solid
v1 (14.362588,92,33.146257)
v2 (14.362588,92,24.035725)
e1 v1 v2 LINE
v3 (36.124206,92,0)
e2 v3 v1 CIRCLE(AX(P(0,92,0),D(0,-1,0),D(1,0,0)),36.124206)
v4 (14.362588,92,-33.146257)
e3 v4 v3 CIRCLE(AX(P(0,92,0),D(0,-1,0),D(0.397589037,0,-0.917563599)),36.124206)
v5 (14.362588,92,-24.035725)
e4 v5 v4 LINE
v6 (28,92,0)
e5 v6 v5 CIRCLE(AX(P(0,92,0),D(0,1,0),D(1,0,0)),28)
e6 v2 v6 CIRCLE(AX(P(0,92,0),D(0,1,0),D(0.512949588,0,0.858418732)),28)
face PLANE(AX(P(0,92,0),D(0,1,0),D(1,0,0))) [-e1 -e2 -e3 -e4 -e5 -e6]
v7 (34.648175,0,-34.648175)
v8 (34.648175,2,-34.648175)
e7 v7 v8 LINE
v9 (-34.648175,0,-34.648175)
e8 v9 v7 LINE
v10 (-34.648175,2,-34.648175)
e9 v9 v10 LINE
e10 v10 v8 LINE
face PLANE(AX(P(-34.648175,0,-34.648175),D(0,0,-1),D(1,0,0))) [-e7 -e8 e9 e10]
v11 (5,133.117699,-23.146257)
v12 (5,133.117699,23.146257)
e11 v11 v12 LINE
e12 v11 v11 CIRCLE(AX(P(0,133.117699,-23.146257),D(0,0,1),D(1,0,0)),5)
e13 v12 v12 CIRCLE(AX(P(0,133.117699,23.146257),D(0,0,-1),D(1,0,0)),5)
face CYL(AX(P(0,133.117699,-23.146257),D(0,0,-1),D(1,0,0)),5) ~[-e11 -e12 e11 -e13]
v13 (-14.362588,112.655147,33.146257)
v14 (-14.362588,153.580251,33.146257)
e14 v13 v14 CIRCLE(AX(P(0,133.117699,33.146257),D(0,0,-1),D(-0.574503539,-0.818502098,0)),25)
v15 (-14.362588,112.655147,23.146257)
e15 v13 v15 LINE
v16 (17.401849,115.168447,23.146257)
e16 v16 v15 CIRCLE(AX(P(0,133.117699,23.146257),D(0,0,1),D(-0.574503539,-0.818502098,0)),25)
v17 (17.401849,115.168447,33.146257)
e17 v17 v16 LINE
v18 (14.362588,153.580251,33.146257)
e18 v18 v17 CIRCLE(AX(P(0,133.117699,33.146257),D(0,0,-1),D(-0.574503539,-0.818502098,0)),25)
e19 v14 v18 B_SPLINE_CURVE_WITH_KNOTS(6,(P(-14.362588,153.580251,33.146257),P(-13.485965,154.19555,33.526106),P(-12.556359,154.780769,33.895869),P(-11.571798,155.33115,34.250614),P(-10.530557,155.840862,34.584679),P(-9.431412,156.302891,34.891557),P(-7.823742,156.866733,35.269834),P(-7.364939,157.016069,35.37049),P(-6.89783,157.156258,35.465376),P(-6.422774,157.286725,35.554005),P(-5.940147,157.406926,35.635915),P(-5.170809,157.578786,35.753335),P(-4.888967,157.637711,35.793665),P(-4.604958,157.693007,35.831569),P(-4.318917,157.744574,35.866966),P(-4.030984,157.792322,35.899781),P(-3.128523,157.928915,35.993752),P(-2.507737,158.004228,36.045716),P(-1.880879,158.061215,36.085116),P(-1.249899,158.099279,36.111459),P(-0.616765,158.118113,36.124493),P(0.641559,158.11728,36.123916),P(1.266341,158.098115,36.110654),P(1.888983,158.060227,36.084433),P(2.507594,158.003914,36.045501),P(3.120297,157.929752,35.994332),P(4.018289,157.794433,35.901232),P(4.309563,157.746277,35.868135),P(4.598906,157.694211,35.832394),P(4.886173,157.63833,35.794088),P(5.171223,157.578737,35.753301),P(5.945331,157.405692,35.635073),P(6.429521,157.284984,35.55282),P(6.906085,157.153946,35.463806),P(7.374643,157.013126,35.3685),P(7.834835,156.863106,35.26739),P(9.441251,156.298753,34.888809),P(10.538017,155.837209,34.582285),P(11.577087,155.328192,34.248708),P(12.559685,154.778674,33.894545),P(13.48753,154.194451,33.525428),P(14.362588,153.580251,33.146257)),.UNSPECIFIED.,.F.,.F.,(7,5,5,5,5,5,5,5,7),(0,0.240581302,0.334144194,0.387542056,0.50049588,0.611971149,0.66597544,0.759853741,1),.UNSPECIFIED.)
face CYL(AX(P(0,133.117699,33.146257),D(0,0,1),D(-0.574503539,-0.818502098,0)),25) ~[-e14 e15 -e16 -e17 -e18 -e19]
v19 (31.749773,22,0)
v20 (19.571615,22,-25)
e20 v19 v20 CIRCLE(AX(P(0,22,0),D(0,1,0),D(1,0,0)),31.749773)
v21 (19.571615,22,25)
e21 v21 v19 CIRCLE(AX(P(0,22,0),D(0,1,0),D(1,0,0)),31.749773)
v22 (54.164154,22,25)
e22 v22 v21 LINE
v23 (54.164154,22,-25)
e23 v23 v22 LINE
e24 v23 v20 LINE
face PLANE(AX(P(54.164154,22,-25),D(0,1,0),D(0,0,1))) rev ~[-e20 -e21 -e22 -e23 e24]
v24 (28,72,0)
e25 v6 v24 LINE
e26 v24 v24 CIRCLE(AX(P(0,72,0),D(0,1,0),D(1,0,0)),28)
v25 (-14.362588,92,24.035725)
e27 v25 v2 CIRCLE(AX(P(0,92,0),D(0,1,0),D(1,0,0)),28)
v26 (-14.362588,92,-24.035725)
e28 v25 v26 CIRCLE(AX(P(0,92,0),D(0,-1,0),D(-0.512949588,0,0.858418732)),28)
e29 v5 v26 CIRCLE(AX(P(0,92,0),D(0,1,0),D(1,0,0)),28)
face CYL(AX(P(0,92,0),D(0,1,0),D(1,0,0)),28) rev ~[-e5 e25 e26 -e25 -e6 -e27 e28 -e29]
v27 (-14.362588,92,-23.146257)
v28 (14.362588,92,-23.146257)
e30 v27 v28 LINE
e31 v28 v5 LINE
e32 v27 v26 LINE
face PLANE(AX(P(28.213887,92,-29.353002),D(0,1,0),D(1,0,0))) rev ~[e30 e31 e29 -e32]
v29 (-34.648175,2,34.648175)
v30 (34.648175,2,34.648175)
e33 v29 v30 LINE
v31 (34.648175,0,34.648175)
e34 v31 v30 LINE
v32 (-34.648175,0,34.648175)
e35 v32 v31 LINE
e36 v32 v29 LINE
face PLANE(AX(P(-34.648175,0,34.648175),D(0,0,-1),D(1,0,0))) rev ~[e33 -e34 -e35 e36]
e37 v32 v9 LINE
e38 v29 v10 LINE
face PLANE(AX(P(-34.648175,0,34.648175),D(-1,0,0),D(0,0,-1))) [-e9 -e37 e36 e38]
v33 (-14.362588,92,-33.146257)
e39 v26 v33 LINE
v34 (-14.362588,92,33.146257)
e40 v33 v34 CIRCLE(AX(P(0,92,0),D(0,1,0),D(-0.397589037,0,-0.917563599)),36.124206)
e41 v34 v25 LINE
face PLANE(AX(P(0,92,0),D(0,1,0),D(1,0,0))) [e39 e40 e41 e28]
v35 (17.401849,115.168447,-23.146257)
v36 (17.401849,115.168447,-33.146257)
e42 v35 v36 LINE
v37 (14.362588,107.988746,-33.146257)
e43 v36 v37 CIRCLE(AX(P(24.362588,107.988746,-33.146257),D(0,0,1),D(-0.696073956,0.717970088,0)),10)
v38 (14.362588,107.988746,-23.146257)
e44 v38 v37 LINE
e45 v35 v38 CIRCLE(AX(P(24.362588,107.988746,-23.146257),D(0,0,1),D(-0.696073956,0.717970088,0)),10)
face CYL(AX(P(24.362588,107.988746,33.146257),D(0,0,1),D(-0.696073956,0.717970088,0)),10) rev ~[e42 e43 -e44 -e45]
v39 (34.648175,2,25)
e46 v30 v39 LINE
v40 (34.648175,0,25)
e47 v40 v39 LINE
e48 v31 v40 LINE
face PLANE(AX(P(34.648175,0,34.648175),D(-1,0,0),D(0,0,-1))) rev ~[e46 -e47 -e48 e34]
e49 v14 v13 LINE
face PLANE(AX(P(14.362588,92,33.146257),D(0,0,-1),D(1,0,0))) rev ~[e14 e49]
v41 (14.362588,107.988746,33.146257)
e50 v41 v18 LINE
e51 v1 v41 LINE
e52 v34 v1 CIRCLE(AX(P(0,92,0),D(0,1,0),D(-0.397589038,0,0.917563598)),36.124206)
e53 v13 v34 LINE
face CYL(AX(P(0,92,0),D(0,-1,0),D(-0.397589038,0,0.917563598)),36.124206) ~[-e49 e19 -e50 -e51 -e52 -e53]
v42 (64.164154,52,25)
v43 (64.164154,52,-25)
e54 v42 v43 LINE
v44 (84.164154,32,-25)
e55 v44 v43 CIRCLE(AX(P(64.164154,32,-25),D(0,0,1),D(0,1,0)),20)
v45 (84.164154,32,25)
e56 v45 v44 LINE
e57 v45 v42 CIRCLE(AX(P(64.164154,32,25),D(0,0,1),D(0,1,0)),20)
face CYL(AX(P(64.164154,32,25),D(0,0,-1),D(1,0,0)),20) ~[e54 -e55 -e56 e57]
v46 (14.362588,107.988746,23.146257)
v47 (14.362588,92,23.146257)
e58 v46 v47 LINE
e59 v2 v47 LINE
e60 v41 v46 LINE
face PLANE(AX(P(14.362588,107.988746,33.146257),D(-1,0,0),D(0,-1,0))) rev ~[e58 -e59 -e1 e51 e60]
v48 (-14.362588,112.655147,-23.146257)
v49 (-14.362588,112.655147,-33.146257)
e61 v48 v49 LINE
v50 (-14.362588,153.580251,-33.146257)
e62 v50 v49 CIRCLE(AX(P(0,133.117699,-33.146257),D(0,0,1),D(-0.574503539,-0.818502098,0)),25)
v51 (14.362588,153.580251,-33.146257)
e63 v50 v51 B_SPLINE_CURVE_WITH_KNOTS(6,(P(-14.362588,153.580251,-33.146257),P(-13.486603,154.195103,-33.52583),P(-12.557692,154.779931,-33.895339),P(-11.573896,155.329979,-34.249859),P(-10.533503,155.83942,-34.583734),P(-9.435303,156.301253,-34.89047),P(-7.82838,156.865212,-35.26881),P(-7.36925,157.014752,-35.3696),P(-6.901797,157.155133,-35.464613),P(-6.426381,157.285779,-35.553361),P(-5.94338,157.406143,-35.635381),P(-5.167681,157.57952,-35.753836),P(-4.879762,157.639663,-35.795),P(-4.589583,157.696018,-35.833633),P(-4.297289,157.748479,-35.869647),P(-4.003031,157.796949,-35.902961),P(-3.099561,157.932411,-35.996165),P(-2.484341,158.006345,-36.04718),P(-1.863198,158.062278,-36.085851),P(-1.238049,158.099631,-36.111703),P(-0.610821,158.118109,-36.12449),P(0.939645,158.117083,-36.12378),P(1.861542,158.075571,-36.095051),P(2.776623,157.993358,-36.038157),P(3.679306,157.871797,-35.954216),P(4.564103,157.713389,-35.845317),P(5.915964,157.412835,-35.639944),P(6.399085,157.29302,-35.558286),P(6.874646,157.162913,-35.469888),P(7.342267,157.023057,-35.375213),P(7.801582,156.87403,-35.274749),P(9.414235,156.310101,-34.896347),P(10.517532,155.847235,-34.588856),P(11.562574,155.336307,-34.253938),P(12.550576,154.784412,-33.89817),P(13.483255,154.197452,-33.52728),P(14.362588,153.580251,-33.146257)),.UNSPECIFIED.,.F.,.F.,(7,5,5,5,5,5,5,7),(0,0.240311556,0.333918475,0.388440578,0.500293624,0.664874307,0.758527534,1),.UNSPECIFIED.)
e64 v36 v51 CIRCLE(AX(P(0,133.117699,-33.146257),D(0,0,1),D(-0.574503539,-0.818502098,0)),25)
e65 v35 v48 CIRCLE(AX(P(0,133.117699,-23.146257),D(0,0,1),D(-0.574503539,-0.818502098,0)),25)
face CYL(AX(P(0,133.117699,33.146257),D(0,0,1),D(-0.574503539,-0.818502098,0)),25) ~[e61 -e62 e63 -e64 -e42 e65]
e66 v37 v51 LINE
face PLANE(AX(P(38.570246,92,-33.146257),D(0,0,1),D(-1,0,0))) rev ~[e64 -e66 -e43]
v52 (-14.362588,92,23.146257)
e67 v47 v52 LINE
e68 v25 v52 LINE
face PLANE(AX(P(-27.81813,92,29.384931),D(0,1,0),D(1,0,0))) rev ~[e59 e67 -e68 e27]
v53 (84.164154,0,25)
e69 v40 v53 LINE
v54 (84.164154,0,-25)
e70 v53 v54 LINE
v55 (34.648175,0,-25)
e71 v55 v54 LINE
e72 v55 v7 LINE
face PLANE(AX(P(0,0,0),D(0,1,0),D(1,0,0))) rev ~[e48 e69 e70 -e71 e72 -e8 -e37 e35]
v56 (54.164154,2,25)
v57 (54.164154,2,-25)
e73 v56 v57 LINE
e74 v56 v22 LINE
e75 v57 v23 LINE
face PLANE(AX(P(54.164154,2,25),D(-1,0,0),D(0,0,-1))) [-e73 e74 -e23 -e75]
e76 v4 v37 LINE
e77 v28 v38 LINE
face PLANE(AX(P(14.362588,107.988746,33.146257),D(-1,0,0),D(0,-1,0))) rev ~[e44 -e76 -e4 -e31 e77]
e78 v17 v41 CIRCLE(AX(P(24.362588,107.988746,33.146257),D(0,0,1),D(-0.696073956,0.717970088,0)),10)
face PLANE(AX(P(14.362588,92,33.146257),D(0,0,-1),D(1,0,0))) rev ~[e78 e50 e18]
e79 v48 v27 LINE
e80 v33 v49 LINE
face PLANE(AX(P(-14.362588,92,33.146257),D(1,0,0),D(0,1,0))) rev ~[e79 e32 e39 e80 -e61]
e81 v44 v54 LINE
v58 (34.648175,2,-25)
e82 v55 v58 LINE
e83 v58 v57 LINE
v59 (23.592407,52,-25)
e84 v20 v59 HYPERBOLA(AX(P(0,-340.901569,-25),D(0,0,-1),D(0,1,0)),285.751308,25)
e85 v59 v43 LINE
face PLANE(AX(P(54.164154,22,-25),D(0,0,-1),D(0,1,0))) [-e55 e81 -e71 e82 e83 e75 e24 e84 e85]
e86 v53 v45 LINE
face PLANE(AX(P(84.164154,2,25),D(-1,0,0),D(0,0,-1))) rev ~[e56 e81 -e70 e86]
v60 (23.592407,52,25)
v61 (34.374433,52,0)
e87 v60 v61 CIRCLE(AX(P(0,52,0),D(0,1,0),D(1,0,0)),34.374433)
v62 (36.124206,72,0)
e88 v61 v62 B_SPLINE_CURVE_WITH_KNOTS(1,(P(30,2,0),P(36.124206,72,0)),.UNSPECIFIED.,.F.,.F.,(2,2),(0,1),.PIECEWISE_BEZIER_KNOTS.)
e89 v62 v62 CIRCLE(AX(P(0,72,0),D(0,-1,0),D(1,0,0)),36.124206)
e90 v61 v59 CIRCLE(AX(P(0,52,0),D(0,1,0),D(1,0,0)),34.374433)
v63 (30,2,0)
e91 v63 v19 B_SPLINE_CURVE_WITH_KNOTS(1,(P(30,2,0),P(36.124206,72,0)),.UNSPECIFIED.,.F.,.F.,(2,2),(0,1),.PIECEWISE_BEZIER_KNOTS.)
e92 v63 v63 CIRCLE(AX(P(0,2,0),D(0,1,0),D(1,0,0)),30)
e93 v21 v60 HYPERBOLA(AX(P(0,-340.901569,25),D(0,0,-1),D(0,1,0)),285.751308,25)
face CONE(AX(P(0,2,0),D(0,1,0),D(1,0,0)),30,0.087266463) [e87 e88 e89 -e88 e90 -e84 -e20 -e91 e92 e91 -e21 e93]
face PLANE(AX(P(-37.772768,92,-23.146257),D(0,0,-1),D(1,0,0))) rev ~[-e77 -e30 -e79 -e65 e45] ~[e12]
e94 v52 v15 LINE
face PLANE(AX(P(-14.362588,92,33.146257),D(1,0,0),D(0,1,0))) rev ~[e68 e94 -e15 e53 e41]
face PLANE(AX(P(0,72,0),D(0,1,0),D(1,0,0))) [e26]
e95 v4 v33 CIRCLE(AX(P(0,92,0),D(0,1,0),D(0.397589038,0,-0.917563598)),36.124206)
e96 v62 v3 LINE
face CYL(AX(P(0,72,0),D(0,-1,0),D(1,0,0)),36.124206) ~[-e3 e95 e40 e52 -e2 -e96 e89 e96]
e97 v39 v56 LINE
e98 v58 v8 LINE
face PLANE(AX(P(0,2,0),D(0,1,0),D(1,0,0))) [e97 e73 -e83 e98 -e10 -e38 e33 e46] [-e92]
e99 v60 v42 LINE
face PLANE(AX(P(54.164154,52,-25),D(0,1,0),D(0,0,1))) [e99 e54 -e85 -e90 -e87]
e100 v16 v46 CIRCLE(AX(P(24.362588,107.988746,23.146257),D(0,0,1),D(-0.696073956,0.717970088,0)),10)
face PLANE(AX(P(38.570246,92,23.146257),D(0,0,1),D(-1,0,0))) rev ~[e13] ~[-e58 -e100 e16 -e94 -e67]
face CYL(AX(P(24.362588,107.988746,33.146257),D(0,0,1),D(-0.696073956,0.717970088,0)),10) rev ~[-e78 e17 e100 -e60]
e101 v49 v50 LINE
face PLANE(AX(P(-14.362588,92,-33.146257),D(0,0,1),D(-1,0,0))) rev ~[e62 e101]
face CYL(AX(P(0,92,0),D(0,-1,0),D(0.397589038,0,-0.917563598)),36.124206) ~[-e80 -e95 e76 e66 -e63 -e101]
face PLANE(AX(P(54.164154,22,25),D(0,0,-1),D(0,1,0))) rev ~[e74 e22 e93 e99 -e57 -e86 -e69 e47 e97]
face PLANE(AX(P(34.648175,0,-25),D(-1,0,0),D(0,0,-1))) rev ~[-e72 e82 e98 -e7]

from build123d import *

# Parameters (mm, degrees)
SKETCH1_W                 = 69.296350976
SKETCH1_H                 = 69.296350976
SKETCH1_W_2               = 49.515978472
SKETCH1_H_2               = 50
BOSS_EXTRUDE1_DEPTH       = 2
SKETCH2_R                 = 30
BOSS_EXTRUDE2_DEPTH       = 70
BOSS_EXTRUDE2_TAPER       = -5
SKETCH3_R                 = 36.124206447
BOSS_EXTRUDE3_DEPTH       = 20
SKETCH4_R                 = 28
CUT_EXTRUDE2_DEPTH        = 20
SKETCH5_W                 = 30
SKETCH5_H                 = 50
BOSS_EXTRUDE4_DEPTH       = 50
SKETCH6_W                 = 50
SKETCH6_H                 = 30
BOSS_EXTRUDE5_DEPTH       = 40
FILLET1_R                 = 20
BOSS_EXTRUDE11_DEPTH      = 70
CUT_EXTRUDE22_DEPTH       = 70
CUT_EXTRUDE22_DEPTH_BACK  = 70
SKETCH22_R                = 5
BOSS_EXTRUDE12_DEPTH      = 51
BOSS_EXTRUDE12_DEPTH_BACK = 2


with BuildPart() as part:
    # Sketch1 → Boss-Extrude1 (new body)
    with BuildSketch(Plane(origin=(0, 0, 0), x_dir=(1, 0, 0), z_dir=(0, 1, 0))):
        Rectangle(SKETCH1_W, SKETCH1_H)
        with Locations((59.406164724, 0)):
            Rectangle(SKETCH1_W_2, SKETCH1_H_2)
    extrude(amount=BOSS_EXTRUDE1_DEPTH)

    # Sketch2 → Boss-Extrude2 (add)
    with BuildSketch(Plane(origin=(0, 2, 0), x_dir=(1, 0, 0), z_dir=(0, 1, 0))):
        Circle(SKETCH2_R)
    extrude(amount=BOSS_EXTRUDE2_DEPTH, taper=BOSS_EXTRUDE2_TAPER)

    # Sketch3 → Boss-Extrude3 (add)
    with BuildSketch(Plane(origin=(0, 72, 0), x_dir=(1, 0, 0), z_dir=(0, 1, 0))):
        Circle(SKETCH3_R)
    extrude(amount=BOSS_EXTRUDE3_DEPTH)

    # Sketch4 → Cut-Extrude2 (cut)
    with BuildSketch(Plane(origin=(0, 92, 0), x_dir=(1, 0, 0), z_dir=(0, 1, 0))):
        Circle(SKETCH4_R)
    extrude(amount=-CUT_EXTRUDE2_DEPTH, mode=Mode.SUBTRACT)

    # Sketch5 → Boss-Extrude4 (add)
    with BuildSketch(Plane(origin=(0, 2, 0), x_dir=(1, 0, 0), z_dir=(0, 1, 0))):
        with Locations((69.16415396, 0)):
            Rectangle(SKETCH5_W, SKETCH5_H)
    extrude(amount=BOSS_EXTRUDE4_DEPTH)

    # Sketch6 → Boss-Extrude5 (add)
    with BuildSketch(Plane.ZY.offset(-54.16415396)):
        with Locations((0, 37)):
            Rectangle(SKETCH6_W, SKETCH6_H)
    extrude(amount=BOSS_EXTRUDE5_DEPTH)

    # Fillet1
    fillet1_edges = [part.edges().sort_by_distance(p)[0] for p in [
        (84.16415396, 52, 0),
    ]]
    fillet(fillet1_edges, radius=FILLET1_R)

    # Sketch7 → Boss-Extrude11 (add)
    with BuildSketch(Plane(origin=(0, 92, 0), x_dir=(1, 0, 0), z_dir=(0, 1, 0))):
        with BuildLine():
            Line((27.734618886, 23.14625686), (38.570246087, 23.14625686))
            Line((38.570246087, 23.14625686), (38.570246087, 33.14625686))
            Line((38.570246087, 33.14625686), (14.36258847, 33.14625686))
            ThreePointArc((14.36258847, 33.14625686), (21.634318034, 28.929475879), (27.734618886, 23.14625686))
        make_face()
        with BuildLine():
            ThreePointArc((-14.36258847, 33.14625686), (-21.634318034, 28.929475879), (-27.734618886, 23.14625686))
            Line((-27.734618886, 23.14625686), (-15.755976433, 23.14625686))
            ThreePointArc((-15.755976433, 23.14625686), (0, 28), (15.755976433, 23.14625686))
            Line((15.755976433, 23.14625686), (27.734618886, 23.14625686))
            ThreePointArc((27.734618886, 23.14625686), (21.634318034, 28.929475879), (14.36258847, 33.14625686))
            Line((14.36258847, 33.14625686), (-14.36258847, 33.14625686))
        make_face()
        with BuildLine():
            Line((-37.772768209, 23.14625686), (-27.734618886, 23.14625686))
            ThreePointArc((-27.734618886, 23.14625686), (-21.634318034, 28.929475879), (-14.36258847, 33.14625686))
            Line((-14.36258847, 33.14625686), (-37.772768209, 33.14625686))
            Line((-37.772768209, 33.14625686), (-37.772768209, 23.14625686))
        make_face()
        with BuildLine():
            ThreePointArc((14.36258847, 33.14625686), (0, 36.124206447), (-14.36258847, 33.14625686))
            Line((-14.36258847, 33.14625686), (14.36258847, 33.14625686))
        make_face()
        with BuildLine():
            ThreePointArc((15.755976433, 23.14625686), (0, 28), (-15.755976433, 23.14625686))
            Line((-15.755976433, 23.14625686), (15.755976433, 23.14625686))
        make_face()
        with BuildLine():
            Line((-37.772768209, -33.14625686), (-14.36258847, -33.14625686))
            ThreePointArc((-14.36258847, -33.14625686), (-21.634318034, -28.929475879), (-27.734618886, -23.14625686))
            Line((-27.734618886, -23.14625686), (-37.772768209, -23.14625686))
            Line((-37.772768209, -23.14625686), (-37.772768209, -33.14625686))
        make_face()
        with BuildLine():
            Line((-14.36258847, -33.14625686), (14.36258847, -33.14625686))
            ThreePointArc((14.36258847, -33.14625686), (21.634318034, -28.929475879), (27.734618886, -23.14625686))
            Line((27.734618886, -23.14625686), (15.755976433, -23.14625686))
            ThreePointArc((15.755976433, -23.14625686), (0, -28), (-15.755976433, -23.14625686))
            Line((-15.755976433, -23.14625686), (-27.734618886, -23.14625686))
            ThreePointArc((-27.734618886, -23.14625686), (-21.634318034, -28.929475879), (-14.36258847, -33.14625686))
        make_face()
        with BuildLine():
            ThreePointArc((27.734618886, -23.14625686), (21.634318034, -28.929475879), (14.36258847, -33.14625686))
            Line((14.36258847, -33.14625686), (38.570246087, -33.14625686))
            Line((38.570246087, -33.14625686), (38.570246087, -23.14625686))
            Line((38.570246087, -23.14625686), (27.734618886, -23.14625686))
        make_face()
        with BuildLine():
            ThreePointArc((-15.755976433, -23.14625686), (0, -28), (15.755976433, -23.14625686))
            Line((15.755976433, -23.14625686), (-15.755976433, -23.14625686))
        make_face()
        with BuildLine():
            ThreePointArc((-14.36258847, -33.14625686), (0, -36.124206447), (14.36258847, -33.14625686))
            Line((14.36258847, -33.14625686), (-14.36258847, -33.14625686))
        make_face()
    extrude(amount=BOSS_EXTRUDE11_DEPTH)

    # Sketch20 → Cut-Extrude22 (cut, two sides)
    with BuildSketch(Plane.XY.offset(33.14625686)) as cut_extrude22_sk:
        with BuildLine():
            Line((-14.36258847, 92), (-14.36258847, 112.655146554))
            ThreePointArc((-14.36258847, 112.655146554), (-1.971914178, 158.039808748), (17.401848907, 115.168446794))
            ThreePointArc((17.401848907, 115.168446794), (15.153696147, 111.886989388), (14.36258847, 107.988745913))
            Line((14.36258847, 107.988745913), (14.36258847, 92))
            Line((14.36258847, 92), (38.570246087, 92))
            Line((38.570246087, 92), (38.570246087, 162))
            Line((38.570246087, 162), (-37.772768209, 162))
            Line((-37.772768209, 162), (-37.772768209, 92))
            Line((-37.772768209, 92), (-14.36258847, 92))
        make_face()
    extrude(amount=CUT_EXTRUDE22_DEPTH, mode=Mode.SUBTRACT)
    extrude(cut_extrude22_sk.sketch, amount=-CUT_EXTRUDE22_DEPTH_BACK, mode=Mode.SUBTRACT)

    # Sketch22 → Boss-Extrude12 (add, two sides)
    with BuildSketch(Plane.XY.offset(-23.14625686)) as boss_extrude12_sk:
        with Locations((0, 133.117698996)):
            Circle(SKETCH22_R)
    extrude(amount=BOSS_EXTRUDE12_DEPTH)
    extrude(boss_extrude12_sk.sketch, amount=-BOSS_EXTRUDE12_DEPTH_BACK)


solid = part.part
